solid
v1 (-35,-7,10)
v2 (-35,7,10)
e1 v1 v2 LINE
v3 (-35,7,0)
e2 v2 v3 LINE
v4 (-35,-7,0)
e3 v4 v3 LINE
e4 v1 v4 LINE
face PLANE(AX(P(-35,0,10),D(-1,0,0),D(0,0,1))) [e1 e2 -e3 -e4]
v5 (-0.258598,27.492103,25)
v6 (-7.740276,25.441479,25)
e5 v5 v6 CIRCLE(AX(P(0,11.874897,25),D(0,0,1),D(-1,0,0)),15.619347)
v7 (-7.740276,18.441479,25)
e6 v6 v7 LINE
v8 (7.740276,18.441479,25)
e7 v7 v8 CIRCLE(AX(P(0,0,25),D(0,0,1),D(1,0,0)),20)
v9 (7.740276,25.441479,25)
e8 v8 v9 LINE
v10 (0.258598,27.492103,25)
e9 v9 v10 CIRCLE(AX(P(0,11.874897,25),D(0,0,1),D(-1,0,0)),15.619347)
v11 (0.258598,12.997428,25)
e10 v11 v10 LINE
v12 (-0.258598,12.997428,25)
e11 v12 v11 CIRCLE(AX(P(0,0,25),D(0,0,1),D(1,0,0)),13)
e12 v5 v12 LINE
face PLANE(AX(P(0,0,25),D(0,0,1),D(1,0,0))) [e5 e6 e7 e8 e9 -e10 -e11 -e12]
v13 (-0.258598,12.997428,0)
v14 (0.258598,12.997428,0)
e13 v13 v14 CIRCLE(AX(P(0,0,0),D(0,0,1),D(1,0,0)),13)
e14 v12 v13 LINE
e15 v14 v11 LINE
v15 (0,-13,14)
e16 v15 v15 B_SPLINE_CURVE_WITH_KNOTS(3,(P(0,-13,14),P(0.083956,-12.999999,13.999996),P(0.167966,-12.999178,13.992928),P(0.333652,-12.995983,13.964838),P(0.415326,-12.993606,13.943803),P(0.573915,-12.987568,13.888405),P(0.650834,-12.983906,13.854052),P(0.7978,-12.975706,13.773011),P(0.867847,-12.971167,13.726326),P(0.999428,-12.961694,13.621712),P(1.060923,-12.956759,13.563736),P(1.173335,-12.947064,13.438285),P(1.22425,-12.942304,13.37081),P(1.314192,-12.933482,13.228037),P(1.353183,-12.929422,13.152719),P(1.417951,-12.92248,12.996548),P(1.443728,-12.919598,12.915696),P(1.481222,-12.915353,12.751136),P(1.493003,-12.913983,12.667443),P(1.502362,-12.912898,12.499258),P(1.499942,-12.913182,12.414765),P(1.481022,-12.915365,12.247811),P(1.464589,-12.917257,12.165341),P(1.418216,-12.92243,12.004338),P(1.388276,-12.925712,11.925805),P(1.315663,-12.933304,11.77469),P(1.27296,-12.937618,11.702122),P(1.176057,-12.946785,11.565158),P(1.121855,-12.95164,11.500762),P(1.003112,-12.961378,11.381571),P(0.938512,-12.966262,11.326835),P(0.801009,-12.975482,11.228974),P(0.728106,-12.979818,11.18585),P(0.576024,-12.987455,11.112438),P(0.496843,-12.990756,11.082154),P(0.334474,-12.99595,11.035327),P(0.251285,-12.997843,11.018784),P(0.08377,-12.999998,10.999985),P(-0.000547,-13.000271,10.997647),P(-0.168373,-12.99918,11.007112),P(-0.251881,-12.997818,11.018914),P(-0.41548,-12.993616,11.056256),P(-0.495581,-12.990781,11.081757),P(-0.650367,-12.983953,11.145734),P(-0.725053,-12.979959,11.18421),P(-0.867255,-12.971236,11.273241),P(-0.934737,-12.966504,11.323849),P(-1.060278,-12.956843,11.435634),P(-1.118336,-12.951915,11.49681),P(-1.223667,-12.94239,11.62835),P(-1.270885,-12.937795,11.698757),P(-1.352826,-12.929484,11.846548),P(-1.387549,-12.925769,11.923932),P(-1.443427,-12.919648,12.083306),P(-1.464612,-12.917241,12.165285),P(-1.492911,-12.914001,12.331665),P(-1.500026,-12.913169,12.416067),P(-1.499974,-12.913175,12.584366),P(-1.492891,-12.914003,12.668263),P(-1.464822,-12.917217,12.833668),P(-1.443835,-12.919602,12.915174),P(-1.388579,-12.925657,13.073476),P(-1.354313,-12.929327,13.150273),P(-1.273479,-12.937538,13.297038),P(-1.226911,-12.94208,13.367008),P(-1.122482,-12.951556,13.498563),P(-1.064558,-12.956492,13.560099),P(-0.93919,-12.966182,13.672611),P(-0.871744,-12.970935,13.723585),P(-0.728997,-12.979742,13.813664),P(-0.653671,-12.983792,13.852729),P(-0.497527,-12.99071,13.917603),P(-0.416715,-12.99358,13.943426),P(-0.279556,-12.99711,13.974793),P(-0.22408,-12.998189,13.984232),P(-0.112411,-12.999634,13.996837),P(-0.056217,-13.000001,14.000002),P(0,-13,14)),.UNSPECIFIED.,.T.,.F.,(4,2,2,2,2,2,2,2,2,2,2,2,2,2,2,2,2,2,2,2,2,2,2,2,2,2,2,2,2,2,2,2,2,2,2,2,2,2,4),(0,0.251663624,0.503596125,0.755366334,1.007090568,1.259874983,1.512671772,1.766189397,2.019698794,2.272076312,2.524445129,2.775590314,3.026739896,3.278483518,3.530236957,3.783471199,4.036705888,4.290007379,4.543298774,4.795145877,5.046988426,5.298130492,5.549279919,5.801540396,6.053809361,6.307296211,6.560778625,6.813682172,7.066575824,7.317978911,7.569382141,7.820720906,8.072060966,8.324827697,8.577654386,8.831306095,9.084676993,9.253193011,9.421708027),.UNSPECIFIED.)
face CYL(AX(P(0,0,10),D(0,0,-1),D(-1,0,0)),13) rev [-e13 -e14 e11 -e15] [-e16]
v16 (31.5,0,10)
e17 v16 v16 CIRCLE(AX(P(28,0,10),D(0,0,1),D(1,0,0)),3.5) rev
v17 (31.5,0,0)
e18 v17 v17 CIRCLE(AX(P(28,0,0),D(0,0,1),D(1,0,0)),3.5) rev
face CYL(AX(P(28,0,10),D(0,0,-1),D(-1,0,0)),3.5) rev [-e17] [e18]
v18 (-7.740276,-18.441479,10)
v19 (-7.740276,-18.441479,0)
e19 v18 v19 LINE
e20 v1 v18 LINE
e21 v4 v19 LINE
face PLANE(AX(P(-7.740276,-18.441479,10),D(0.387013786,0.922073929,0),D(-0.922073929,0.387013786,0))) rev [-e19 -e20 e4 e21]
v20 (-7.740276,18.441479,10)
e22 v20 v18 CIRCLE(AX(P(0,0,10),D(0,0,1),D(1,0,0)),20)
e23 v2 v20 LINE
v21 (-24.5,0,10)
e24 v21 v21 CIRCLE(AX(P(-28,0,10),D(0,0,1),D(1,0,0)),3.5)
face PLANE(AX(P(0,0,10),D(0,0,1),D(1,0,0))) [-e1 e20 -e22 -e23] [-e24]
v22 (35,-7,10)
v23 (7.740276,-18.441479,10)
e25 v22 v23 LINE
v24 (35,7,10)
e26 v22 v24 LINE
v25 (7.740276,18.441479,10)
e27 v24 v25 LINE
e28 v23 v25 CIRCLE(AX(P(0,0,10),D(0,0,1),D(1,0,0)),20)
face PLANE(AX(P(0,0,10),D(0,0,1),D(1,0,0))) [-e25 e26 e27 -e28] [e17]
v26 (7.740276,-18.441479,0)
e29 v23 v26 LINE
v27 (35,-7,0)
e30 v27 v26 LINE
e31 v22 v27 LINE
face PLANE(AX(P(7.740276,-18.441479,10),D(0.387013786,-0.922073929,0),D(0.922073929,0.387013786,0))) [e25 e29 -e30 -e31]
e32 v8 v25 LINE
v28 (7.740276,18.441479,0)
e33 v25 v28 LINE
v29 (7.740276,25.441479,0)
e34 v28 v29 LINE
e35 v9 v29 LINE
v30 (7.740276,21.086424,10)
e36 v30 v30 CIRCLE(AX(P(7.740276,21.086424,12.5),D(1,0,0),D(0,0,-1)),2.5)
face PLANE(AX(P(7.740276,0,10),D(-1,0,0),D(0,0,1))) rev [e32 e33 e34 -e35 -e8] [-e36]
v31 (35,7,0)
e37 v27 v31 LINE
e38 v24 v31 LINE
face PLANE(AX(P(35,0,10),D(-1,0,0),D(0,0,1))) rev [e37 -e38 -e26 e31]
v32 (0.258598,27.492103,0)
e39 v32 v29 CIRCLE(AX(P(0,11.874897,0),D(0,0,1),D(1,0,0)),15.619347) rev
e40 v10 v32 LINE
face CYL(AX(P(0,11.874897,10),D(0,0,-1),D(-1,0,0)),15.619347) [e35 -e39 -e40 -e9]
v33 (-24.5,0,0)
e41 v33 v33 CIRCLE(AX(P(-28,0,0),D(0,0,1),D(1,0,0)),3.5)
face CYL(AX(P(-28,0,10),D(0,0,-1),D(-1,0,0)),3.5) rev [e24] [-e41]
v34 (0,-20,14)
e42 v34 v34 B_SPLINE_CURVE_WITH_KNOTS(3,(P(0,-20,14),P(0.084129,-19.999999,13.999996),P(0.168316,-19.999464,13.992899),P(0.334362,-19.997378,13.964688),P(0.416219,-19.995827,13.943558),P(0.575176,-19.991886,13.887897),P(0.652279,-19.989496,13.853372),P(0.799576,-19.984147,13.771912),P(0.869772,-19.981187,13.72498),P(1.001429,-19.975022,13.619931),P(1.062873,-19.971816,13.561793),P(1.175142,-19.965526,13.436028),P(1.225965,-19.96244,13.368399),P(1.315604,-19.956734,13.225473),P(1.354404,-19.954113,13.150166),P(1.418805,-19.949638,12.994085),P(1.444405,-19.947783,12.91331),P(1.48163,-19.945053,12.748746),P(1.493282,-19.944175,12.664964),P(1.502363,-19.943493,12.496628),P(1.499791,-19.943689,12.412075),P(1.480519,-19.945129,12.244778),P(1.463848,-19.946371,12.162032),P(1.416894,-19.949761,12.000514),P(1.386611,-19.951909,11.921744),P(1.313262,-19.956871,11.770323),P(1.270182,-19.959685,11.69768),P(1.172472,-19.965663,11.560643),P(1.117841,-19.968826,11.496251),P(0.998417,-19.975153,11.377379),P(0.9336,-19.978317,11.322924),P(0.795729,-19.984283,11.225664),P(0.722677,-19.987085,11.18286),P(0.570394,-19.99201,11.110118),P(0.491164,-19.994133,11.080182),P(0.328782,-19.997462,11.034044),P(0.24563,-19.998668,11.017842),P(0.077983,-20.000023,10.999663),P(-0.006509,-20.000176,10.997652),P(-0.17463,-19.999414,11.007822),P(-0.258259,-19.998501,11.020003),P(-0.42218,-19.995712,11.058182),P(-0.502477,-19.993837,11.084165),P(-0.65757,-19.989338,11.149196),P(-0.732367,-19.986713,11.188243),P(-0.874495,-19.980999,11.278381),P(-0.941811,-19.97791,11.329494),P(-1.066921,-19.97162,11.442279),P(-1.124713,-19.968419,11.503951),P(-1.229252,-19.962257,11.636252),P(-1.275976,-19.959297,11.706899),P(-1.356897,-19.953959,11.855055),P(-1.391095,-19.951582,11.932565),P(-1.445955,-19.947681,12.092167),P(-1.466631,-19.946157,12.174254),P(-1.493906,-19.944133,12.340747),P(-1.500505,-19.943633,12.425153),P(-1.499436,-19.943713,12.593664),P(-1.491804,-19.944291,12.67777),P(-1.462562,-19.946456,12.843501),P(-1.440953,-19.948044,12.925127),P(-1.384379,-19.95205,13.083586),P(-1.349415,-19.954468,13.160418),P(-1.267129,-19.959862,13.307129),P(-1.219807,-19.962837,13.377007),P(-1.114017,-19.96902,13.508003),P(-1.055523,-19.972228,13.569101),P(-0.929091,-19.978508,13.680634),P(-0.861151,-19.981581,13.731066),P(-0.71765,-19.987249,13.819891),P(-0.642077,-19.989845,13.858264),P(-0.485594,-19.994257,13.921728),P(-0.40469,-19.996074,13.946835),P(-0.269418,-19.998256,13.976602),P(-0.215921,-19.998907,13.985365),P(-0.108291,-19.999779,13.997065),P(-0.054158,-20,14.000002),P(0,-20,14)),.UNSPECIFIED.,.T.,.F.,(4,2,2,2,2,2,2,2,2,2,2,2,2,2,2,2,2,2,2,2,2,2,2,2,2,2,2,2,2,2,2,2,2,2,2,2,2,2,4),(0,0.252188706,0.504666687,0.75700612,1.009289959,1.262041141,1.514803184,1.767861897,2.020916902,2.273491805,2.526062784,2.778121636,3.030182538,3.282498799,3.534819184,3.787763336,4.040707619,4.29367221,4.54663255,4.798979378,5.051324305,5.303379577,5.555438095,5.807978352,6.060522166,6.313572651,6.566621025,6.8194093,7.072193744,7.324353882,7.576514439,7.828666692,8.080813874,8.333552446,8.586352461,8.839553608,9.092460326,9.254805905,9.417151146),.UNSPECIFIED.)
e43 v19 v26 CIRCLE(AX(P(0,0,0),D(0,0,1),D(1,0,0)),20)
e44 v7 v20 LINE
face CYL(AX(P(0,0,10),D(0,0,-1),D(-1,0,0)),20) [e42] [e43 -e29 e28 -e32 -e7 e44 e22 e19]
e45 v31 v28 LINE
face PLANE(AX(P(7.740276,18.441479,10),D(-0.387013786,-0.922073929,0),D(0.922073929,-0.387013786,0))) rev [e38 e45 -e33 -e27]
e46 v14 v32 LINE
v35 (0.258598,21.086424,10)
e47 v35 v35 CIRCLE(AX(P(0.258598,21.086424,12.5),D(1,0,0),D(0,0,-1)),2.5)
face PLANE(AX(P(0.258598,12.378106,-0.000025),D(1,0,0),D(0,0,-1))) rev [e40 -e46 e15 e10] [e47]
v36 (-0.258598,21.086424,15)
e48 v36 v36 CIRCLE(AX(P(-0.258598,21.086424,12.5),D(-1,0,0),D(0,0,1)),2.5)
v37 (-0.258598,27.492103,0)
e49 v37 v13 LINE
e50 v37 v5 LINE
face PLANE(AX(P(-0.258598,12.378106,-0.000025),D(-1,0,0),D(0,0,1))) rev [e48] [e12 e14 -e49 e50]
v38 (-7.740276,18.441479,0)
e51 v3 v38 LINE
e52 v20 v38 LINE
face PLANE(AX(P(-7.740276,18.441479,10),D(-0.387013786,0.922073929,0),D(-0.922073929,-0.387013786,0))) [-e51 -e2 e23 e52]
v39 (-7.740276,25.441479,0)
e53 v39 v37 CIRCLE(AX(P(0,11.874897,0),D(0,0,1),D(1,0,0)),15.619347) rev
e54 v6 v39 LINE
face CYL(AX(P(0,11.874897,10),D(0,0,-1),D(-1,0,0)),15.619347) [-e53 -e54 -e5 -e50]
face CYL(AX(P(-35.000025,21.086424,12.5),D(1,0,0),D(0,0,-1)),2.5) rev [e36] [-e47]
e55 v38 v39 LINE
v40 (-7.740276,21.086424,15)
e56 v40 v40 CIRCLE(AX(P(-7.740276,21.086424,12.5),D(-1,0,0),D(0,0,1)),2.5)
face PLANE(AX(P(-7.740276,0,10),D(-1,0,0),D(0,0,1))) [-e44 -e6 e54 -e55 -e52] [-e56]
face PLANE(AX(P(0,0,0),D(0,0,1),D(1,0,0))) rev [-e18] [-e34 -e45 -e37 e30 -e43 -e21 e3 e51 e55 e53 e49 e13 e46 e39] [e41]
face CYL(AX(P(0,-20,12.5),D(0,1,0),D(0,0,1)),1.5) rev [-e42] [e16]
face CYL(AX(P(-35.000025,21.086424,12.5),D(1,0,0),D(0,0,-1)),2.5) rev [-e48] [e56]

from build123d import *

# Parameters (mm, degrees)
SKETCH_1_R          = 3.5
SKETCH_1_R_2        = 13
EXTRUDE_2_DEPTH     = 10
SKETCH_2_R          = 13
EXTRUDE_3_DEPTH     = 15
SKETCH_3_W          = 0.517195108
SKETCH_3_H          = 18.726193104
CUT_EXTRUDE_1_DEPTH = 26
SKETCH_4_R          = 2.5
CUT_EXTRUDE_2_DEPTH = 43.740275714
SKETCH_5_R          = 1.5
CUT_EXTRUDE_3_DEPTH = 21


with BuildPart() as part:
    # 草图1 → 凸台-拉伸2 (new body)
    with BuildSketch(Plane.XY):
        with BuildLine():
            Line((-35, -7), (-7.740275714, -18.44147857))
            ThreePointArc((-7.740275714, -18.44147857), (0, -20), (7.740275714, -18.44147857))
            Line((7.740275714, -18.44147857), (35, -7))
            Line((35, -7), (35, 7))
            Line((35, 7), (7.740275714, 18.44147857))
            Line((7.740275714, 18.44147857), (7.740275714, 25.44147857))
            ThreePointArc((7.740275714, 25.44147857), (0, 27.494244152), (-7.740275714, 25.44147857))
            Line((-7.740275714, 25.44147857), (-7.740275714, 18.44147857))
            Line((-7.740275714, 18.44147857), (-35, 7))
            Line((-35, 7), (-35, -7))
        make_face()
        with Locations((-28, 0)):
            Circle(SKETCH_1_R, mode=Mode.SUBTRACT)
        Circle(SKETCH_1_R_2, mode=Mode.SUBTRACT)
        with Locations((28, 0)):
            Circle(SKETCH_1_R, mode=Mode.SUBTRACT)
    extrude(amount=EXTRUDE_2_DEPTH)

    # 草图2 → 凸台-拉伸3 (add)
    with BuildSketch(Plane.XY.offset(10)):
        with BuildLine():
            Line((-7.740275714, 18.44147857), (-7.740275714, 25.44147857))
            ThreePointArc((-7.740275714, 25.44147857), (0, 27.494244152), (7.740275714, 25.44147857))
            Line((7.740275714, 25.44147857), (7.740275714, 18.44147857))
            ThreePointArc((7.740275714, 18.44147857), (0, -20), (-7.740275714, 18.44147857))
        make_face()
        Circle(SKETCH_2_R, mode=Mode.SUBTRACT)
    extrude(amount=EXTRUDE_3_DEPTH)

    # 草图3 → 切除-拉伸1 (cut, through all)
    with BuildSketch(Plane.XY.offset(25)):
        with Locations((0, 21.741202931)):
            Rectangle(SKETCH_3_W, SKETCH_3_H)
    extrude(amount=-CUT_EXTRUDE_1_DEPTH, mode=Mode.SUBTRACT)

    # 草图4 → 切除-拉伸2 (cut, through all)
    with BuildSketch(Plane(origin=(7.740275714, 0, 0), x_dir=(0, 0, -1), z_dir=(1, 0, 0))):
        with Locations((-12.5, 21.086423576)):
            Circle(SKETCH_4_R)
    extrude(amount=-CUT_EXTRUDE_2_DEPTH, mode=Mode.SUBTRACT)

    # 草图5 → 切除-拉伸3 (cut, through all)
    with BuildSketch(Plane(origin=(0, 0, 0), x_dir=(1, 0, 0), z_dir=(0, 1, 0))):
        with Locations((0, -12.5)):
            Circle(SKETCH_5_R)
    extrude(amount=-CUT_EXTRUDE_3_DEPTH, mode=Mode.SUBTRACT)


solid = part.part
